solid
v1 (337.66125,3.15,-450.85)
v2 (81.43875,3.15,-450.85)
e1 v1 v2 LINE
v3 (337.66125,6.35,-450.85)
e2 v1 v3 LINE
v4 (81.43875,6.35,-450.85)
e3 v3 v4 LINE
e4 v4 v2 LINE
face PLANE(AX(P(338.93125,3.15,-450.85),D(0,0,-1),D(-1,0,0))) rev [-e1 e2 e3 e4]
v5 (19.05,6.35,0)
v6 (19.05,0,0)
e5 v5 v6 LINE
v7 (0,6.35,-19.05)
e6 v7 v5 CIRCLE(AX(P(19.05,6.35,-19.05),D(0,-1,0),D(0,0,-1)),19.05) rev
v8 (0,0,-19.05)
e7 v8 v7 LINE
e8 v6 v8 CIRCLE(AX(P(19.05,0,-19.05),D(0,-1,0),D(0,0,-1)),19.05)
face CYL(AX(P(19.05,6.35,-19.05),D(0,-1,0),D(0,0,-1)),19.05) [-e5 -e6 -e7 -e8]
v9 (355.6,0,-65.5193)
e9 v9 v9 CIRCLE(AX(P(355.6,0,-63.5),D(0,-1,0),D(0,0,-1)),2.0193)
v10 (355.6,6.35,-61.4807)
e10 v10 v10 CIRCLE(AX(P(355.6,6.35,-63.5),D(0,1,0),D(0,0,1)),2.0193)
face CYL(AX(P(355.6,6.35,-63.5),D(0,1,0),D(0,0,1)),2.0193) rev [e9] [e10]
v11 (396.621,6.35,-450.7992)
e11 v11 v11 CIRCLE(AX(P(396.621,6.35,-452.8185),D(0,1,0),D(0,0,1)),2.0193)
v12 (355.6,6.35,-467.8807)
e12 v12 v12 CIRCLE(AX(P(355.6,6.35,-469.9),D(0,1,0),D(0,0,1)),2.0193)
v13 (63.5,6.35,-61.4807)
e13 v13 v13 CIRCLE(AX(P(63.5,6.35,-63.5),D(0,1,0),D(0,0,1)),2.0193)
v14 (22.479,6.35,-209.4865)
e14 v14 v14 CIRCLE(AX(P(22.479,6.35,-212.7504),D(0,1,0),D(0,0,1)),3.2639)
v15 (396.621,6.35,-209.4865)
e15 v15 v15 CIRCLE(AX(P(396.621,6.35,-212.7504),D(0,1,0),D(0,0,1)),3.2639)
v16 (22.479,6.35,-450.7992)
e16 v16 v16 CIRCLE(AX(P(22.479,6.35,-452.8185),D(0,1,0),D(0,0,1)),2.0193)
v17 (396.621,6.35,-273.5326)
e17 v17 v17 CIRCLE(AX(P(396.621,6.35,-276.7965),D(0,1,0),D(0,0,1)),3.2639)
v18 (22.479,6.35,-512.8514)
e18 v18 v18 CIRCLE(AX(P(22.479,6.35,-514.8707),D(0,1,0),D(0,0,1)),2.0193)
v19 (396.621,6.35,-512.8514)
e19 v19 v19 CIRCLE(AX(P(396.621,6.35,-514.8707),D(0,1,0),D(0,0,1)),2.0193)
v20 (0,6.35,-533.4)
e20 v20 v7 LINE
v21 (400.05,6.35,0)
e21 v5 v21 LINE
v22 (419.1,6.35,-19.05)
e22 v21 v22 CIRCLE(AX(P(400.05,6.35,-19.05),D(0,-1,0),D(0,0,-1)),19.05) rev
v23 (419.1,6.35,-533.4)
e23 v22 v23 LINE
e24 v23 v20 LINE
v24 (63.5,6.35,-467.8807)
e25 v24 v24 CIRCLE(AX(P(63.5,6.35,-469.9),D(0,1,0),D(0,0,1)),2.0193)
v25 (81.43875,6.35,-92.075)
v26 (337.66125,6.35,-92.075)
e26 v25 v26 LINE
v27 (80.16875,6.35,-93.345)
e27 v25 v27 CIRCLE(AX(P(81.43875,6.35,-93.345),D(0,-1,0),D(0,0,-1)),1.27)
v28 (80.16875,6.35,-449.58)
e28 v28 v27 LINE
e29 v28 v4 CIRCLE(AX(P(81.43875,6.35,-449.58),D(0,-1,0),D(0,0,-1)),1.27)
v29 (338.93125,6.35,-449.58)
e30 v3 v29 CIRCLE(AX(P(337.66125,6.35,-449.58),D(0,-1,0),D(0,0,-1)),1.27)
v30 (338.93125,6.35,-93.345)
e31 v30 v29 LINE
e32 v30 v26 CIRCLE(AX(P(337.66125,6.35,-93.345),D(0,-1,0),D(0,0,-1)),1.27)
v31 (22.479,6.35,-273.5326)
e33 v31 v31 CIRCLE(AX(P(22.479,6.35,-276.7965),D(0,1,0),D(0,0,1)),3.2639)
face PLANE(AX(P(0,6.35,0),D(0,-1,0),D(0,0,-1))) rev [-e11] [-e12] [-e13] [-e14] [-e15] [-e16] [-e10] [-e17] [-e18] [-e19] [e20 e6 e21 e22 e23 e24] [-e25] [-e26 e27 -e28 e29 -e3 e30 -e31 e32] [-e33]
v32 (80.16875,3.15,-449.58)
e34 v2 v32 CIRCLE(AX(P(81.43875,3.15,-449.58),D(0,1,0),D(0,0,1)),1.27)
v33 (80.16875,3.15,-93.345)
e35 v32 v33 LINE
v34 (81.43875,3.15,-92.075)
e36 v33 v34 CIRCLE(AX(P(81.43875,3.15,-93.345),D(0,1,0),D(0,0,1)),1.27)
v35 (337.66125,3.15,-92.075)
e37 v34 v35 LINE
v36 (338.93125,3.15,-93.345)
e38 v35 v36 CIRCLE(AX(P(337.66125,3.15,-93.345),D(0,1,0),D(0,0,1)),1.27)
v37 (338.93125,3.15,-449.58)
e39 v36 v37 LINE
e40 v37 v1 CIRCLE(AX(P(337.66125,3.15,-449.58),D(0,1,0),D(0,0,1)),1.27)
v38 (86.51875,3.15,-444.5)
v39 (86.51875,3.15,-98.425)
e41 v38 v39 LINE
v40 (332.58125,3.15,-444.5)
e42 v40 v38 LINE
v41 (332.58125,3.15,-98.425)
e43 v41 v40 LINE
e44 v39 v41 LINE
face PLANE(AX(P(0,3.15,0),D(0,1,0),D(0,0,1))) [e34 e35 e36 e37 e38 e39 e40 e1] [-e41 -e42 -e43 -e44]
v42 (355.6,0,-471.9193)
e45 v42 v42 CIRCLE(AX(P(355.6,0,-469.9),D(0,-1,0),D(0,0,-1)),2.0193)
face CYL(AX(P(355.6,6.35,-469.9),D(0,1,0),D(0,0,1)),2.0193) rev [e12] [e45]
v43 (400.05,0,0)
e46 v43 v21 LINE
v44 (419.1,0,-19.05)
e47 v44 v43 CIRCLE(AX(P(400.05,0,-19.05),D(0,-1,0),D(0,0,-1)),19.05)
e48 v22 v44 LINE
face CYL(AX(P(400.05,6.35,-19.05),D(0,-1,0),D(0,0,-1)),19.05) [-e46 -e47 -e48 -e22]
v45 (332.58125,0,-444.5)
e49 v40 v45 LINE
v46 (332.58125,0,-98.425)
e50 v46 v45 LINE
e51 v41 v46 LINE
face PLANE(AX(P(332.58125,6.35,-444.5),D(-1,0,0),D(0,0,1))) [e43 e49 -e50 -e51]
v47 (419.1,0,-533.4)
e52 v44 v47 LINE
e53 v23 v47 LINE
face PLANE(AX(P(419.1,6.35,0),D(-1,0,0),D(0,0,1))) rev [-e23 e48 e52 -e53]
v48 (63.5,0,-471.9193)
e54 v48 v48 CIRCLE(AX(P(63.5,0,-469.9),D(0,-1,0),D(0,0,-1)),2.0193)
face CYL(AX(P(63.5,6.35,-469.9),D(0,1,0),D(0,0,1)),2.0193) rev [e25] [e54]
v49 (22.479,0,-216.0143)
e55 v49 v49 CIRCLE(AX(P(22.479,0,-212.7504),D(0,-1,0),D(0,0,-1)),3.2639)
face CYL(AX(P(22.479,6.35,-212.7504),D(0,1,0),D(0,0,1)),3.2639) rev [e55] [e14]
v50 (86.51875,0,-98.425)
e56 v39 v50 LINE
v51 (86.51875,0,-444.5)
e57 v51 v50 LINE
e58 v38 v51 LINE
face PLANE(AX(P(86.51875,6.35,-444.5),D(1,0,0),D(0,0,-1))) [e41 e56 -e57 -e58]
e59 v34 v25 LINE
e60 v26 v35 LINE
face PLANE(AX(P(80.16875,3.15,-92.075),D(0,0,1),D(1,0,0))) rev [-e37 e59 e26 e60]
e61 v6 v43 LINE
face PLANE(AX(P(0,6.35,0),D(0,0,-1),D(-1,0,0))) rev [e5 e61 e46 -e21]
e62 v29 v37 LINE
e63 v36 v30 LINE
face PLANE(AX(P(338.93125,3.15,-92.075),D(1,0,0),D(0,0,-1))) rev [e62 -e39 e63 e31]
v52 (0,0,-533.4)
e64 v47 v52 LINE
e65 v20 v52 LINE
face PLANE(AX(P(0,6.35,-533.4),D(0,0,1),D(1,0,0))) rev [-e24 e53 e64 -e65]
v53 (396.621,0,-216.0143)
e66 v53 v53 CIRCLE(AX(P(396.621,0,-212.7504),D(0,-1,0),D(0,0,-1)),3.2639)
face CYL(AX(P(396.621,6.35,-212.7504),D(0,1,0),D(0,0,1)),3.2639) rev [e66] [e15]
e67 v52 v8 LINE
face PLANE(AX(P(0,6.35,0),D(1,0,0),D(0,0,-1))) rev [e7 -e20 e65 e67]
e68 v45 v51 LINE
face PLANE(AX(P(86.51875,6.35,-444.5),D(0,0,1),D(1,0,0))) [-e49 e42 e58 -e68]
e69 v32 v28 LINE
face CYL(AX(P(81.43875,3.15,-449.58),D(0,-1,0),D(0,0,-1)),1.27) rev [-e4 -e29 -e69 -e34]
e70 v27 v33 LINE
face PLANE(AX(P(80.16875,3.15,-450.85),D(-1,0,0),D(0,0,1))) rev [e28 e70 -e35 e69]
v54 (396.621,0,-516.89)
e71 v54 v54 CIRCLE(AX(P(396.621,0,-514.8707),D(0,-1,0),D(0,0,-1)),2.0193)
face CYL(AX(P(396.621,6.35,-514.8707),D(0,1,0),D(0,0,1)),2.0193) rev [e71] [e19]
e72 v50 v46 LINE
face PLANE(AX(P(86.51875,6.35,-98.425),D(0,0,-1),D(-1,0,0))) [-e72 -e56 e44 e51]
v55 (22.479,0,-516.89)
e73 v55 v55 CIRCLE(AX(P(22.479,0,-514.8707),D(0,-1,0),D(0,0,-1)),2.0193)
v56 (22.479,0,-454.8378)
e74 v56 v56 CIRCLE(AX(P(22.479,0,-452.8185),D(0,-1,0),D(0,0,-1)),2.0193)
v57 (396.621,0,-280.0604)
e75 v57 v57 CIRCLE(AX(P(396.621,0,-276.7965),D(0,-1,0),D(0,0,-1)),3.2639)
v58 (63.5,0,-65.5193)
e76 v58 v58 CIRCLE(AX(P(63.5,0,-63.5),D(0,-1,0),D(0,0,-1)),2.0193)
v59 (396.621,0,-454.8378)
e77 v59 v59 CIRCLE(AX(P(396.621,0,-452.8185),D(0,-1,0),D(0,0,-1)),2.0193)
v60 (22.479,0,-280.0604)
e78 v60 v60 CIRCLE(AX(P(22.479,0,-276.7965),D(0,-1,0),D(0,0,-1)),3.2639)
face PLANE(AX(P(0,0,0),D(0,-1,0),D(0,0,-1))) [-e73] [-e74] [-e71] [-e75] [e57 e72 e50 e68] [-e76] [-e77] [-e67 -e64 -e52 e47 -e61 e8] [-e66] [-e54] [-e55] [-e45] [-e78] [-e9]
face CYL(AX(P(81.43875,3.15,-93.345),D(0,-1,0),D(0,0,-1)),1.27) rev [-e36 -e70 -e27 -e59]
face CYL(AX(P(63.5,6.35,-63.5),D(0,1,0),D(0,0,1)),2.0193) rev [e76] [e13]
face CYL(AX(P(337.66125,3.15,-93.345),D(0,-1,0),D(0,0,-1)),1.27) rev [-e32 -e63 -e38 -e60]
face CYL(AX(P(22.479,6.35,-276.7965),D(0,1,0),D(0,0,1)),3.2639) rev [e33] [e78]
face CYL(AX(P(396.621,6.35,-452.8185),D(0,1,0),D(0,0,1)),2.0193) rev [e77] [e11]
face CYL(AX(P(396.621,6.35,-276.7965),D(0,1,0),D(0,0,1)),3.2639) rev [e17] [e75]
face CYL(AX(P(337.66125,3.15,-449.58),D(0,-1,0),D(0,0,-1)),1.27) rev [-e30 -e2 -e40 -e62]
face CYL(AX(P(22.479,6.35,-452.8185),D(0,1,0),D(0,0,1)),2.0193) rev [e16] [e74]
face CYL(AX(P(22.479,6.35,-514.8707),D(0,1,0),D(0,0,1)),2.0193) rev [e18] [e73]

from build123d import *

# Parameters (mm, degrees)
SKETCH1_W                    = 419.1
SKETCH1_H                    = 533.4
SKETCH1_W_2                  = 246.0625
SKETCH1_H_2                  = 346.075
OVERALL_SHAPE_DEPTH          = 6.35
SKETCH5_W                    = 258.7625
SKETCH5_H                    = 358.775
GLASS_INSET_CUT_DEPTH        = 3.19999995
GLASS_INSET_FILLETS_R        = 1.27
FILLET1_R                    = 19.05
F_10_32_TAPPED_HOLE3_D       = 4.0386
F_10_32_TAPPED_HOLE3_DEPTH   = 6.35
F_10_32_TAPPED_HOLE7_D       = 4.0386
F_10_32_TAPPED_HOLE7_DEPTH   = 6.35
F_5_16_18_TAPPED_HOLE1_D     = 6.5278
F_5_16_18_TAPPED_HOLE1_DEPTH = 6.35


with BuildPart() as part:
    # Sketch1 → Overall shape (new body)
    with BuildSketch(Plane(origin=(0, 0, 0), x_dir=(1, 0, 0), z_dir=(0, 1, 0))):
        with Locations((209.55, 266.7)):
            Rectangle(SKETCH1_W, SKETCH1_H)
        with Locations((209.55, 271.4625)):
            Rectangle(SKETCH1_W_2, SKETCH1_H_2, mode=Mode.SUBTRACT)
    extrude(amount=OVERALL_SHAPE_DEPTH)

    # Sketch5 → Glass inset cut (cut)
    with BuildSketch(Plane(origin=(0, 6.35, 0), x_dir=(1, 0, 0), z_dir=(0, 1, 0))):
        with Locations((209.55, 271.4625)):
            Rectangle(SKETCH5_W, SKETCH5_H)
    extrude(amount=-GLASS_INSET_CUT_DEPTH, mode=Mode.SUBTRACT)

    # Glass inset fillets
    glass_inset_fillets_edges = [part.edges().sort_by_distance(p)[0] for p in [
        (80.16875, 4.750000025, -92.075),
        (80.16875, 4.750000025, -450.85),
        (338.93125, 4.750000025, -450.85),
        (338.93125, 4.750000025, -92.075),
    ]]
    fillet(glass_inset_fillets_edges, radius=GLASS_INSET_FILLETS_R)

    # Fillet1
    fillet1_edges = [part.edges().sort_by_distance(p)[0] for p in [
        (419.1, 3.175, 0),
        (0, 3.175, 0),
    ]]
    fillet(fillet1_edges, radius=FILLET1_R)

    # #10-32 Tapped Hole3
    with Locations(Plane(origin=(0, 6.35, 0), x_dir=(1, 0, 0), z_dir=(0, 1, 0))):
        with Locations((63.5, 469.9), (355.6, 469.9), (355.6, 63.5), (63.5, 63.5)):
            Hole(F_10_32_TAPPED_HOLE3_D / 2, depth=F_10_32_TAPPED_HOLE3_DEPTH)

    # #10-32 Tapped Hole7
    with Locations(Plane(origin=(0, 6.35, 0), x_dir=(1, 0, 0), z_dir=(0, 1, 0))):
        with Locations((22.479, 514.8707), (22.479, 452.8185), (396.621, 514.8707), (396.621, 452.8185)):
            Hole(F_10_32_TAPPED_HOLE7_D / 2, depth=F_10_32_TAPPED_HOLE7_DEPTH)

    # 5/16-18 Tapped Hole1
    with Locations(Plane(origin=(0, 6.35, 0), x_dir=(1, 0, 0), z_dir=(0, 1, 0))):
        with Locations((22.479, 276.7965), (22.479, 212.7504), (396.621, 276.7965), (396.621, 212.7504)):
            Hole(F_5_16_18_TAPPED_HOLE1_D / 2, depth=F_5_16_18_TAPPED_HOLE1_DEPTH)


solid = part.part
